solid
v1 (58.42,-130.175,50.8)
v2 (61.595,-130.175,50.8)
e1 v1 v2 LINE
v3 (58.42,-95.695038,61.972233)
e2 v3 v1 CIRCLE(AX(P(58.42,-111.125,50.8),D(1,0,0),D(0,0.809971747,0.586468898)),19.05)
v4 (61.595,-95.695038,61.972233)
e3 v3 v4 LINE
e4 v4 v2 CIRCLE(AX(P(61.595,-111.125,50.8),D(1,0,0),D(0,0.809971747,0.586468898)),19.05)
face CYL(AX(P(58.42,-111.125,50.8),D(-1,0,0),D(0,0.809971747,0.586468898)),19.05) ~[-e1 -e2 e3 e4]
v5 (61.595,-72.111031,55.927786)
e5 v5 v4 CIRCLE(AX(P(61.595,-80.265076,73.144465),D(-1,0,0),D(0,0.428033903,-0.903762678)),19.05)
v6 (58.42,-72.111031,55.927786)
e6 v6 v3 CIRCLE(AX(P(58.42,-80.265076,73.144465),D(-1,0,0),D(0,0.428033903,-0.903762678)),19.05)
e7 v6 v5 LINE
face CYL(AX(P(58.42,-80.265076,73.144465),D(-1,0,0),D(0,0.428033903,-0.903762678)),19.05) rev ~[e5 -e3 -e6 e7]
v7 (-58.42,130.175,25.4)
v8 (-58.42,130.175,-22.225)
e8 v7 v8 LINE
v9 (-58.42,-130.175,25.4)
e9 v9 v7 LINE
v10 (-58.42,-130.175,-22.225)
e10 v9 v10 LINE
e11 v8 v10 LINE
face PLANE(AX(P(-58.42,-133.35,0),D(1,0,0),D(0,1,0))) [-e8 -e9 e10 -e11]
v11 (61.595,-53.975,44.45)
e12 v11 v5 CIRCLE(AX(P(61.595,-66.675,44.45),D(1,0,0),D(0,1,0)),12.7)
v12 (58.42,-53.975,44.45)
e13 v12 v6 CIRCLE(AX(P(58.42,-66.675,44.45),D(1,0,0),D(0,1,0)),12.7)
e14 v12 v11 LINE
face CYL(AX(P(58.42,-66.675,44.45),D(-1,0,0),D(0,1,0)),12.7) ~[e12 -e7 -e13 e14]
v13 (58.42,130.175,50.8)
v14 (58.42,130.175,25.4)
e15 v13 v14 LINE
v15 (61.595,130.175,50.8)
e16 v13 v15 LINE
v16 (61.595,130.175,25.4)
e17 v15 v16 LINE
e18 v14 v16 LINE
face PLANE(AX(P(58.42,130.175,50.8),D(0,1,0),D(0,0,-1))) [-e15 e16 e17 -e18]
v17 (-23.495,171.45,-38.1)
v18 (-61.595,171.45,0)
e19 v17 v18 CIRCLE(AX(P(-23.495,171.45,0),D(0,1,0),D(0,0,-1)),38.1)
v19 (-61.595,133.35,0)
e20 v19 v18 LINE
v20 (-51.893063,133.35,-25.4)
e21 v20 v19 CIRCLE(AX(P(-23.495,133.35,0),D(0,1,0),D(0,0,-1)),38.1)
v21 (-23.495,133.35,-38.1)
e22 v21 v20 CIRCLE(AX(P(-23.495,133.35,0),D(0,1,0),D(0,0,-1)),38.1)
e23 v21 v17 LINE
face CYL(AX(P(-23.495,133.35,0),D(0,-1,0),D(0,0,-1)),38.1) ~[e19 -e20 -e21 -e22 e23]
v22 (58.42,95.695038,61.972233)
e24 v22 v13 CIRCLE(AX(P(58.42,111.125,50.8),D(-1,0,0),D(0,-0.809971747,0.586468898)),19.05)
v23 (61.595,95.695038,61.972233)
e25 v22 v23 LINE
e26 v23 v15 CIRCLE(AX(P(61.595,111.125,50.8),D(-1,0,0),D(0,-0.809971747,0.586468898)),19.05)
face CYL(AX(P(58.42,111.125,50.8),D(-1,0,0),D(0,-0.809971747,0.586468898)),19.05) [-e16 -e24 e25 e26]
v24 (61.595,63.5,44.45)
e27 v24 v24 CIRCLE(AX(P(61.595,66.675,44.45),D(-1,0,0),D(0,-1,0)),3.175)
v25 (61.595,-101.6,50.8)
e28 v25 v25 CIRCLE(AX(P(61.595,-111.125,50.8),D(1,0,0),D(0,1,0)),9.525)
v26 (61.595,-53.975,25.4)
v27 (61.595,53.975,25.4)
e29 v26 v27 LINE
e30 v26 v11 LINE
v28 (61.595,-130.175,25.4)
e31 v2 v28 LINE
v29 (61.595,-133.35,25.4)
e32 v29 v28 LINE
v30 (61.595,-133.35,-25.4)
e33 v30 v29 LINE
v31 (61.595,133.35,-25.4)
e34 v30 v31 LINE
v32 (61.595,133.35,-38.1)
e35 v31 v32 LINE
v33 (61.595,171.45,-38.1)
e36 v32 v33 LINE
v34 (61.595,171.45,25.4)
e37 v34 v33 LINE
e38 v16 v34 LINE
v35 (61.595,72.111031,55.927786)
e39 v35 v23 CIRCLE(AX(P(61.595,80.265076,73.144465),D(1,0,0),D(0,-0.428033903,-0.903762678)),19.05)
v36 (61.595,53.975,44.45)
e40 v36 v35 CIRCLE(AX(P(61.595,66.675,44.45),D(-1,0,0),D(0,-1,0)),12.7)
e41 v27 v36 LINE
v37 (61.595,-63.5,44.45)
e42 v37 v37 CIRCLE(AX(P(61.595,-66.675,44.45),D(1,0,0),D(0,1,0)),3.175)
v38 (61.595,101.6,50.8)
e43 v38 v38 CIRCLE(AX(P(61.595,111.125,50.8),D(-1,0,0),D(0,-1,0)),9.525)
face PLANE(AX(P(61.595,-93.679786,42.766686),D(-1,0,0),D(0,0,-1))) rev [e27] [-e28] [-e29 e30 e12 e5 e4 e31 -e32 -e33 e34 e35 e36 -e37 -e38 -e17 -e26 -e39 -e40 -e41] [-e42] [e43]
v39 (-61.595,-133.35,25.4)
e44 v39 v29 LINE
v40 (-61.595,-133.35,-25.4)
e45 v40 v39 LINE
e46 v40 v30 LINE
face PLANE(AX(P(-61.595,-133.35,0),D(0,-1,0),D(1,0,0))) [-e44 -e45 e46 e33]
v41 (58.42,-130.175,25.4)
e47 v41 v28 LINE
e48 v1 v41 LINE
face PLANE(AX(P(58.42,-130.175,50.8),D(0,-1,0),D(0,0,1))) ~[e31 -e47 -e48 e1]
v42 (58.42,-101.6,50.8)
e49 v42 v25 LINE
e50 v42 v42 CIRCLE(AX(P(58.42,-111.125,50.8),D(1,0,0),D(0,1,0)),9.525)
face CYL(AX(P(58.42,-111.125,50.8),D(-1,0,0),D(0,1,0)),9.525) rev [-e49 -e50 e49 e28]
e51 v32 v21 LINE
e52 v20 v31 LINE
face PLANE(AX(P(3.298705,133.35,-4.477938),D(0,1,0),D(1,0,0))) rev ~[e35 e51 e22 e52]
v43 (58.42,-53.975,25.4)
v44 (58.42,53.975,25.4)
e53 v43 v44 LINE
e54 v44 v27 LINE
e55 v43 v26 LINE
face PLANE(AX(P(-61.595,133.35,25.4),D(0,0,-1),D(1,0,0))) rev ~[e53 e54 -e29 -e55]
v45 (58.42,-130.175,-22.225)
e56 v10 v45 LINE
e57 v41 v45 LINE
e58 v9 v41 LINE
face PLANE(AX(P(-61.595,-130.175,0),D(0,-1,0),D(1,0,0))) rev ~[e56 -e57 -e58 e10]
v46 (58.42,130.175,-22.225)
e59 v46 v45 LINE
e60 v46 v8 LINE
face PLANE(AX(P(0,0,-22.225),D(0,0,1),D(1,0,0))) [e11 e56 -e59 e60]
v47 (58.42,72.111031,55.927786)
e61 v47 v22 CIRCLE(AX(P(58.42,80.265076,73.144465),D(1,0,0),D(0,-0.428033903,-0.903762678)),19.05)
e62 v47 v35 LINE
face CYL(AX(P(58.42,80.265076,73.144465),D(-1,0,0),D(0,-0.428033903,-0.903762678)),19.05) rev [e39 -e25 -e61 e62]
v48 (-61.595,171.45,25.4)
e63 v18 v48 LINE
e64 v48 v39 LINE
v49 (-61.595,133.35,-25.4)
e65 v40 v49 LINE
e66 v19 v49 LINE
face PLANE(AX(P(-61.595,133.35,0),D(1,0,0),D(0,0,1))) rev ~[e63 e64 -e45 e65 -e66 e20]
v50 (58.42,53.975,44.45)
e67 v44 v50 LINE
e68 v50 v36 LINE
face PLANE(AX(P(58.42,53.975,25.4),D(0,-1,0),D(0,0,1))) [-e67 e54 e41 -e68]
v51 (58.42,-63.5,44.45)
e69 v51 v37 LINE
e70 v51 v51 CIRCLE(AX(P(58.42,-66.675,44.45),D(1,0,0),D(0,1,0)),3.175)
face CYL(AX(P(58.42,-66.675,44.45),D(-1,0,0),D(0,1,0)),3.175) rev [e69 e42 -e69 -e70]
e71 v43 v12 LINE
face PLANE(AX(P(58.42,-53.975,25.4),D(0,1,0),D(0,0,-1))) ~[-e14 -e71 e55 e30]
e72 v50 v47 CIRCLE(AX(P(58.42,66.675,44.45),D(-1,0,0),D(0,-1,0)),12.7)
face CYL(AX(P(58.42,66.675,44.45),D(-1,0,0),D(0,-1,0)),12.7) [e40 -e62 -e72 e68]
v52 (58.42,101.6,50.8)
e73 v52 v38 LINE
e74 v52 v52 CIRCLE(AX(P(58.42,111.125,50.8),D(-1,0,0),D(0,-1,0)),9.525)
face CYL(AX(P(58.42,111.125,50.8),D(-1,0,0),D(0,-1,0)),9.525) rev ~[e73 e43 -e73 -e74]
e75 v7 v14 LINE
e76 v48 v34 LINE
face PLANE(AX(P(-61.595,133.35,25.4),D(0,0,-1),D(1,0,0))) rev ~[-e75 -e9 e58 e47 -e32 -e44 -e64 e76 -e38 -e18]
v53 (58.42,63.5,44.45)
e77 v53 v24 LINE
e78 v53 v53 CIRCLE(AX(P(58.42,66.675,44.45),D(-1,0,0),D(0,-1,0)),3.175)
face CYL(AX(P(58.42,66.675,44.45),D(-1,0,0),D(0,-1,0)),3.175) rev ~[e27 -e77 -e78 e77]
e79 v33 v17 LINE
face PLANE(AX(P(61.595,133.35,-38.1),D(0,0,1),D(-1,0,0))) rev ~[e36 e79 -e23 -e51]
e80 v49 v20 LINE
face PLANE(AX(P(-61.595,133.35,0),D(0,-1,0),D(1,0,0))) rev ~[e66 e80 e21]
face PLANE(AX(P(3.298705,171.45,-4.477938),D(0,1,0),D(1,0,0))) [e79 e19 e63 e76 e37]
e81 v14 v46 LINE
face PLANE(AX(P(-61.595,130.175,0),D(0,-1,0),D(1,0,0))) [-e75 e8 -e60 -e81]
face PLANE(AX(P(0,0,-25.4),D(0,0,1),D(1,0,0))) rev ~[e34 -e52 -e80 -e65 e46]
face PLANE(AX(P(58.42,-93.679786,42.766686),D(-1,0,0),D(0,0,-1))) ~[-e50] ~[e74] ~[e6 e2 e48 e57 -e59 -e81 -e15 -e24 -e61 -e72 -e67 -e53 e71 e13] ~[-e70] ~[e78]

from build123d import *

# Parameters (mm, degrees)
SKETCH1_W           = 123.19
SKETCH1_H           = 266.7
BOSS_EXTRUDE1_DEPTH = 25.4
SHELL1_T            = -3.175
SKETCH2_R           = 9.525
SKETCH2_R_2         = 3.175
BOSS_EXTRUDE2_DEPTH = 3.175
BOSS_EXTRUDE3_DEPTH = 38.1


with BuildPart() as part:
    # Sketch1 → Boss-Extrude1 (new, symmetric)
    with BuildSketch(Plane.XY):
        Rectangle(SKETCH1_W, SKETCH1_H)
    extrude(amount=BOSS_EXTRUDE1_DEPTH, both=True)

    # Shell1
    shell1_openings = [part.faces().sort_by_distance(p)[0] for p in [
        (0, 0, 25.4),
    ]]
    offset(amount=SHELL1_T, openings=shell1_openings, kind=Kind.INTERSECTION)

    # Sketch2 → Boss-Extrude2 (add)
    with BuildSketch(Plane.ZY.offset(-58.42)):
        with BuildLine():
            Line((50.8, 130.175), (25.4, 130.175))
            Line((25.4, 130.175), (25.4, 53.975))
            Line((25.4, 53.975), (44.45, 53.975))
            ThreePointArc((44.45, 53.975), (55.181439518, 59.883372369), (55.927786008, 72.11103057))
            ThreePointArc((55.927786008, 72.11103057), (54.690903616, 84.99461885), (61.97223251, 95.695038213))
            ThreePointArc((61.97223251, 95.695038213), (68.922407015, 116.99704087), (50.8, 130.175))
        make_face()
        with Locations(Location((50.8, 111.125, 0), (0, 0, 270))):
            Circle(SKETCH2_R, mode=Mode.SUBTRACT)
        with Locations(Location((44.45, 66.675, 0), (0, 0, 270))):
            Circle(SKETCH2_R_2, mode=Mode.SUBTRACT)
    boss_extrude2 = extrude(amount=-BOSS_EXTRUDE2_DEPTH)

    # Sketch3 → Boss-Extrude3 (add)
    with BuildSketch(Plane(origin=(0, 133.35, 0), x_dir=(1, 0, 0), z_dir=(0, 1, 0))):
        with BuildLine():
            Line((-61.595, -25.4), (61.595, -25.4))
            Line((61.595, -25.4), (61.595, 38.1))
            Line((61.595, 38.1), (-23.495, 38.1))
            ThreePointArc((-23.495, 38.1), (-50.435768363, 26.940768363), (-61.595, 0))
            Line((-61.595, 0), (-61.595, -25.4))
        make_face()
    extrude(amount=BOSS_EXTRUDE3_DEPTH)

    # Mirror1: Boss-Extrude2 across plane
    add(boss_extrude2.mirror(Plane.ZX))


solid = part.part
